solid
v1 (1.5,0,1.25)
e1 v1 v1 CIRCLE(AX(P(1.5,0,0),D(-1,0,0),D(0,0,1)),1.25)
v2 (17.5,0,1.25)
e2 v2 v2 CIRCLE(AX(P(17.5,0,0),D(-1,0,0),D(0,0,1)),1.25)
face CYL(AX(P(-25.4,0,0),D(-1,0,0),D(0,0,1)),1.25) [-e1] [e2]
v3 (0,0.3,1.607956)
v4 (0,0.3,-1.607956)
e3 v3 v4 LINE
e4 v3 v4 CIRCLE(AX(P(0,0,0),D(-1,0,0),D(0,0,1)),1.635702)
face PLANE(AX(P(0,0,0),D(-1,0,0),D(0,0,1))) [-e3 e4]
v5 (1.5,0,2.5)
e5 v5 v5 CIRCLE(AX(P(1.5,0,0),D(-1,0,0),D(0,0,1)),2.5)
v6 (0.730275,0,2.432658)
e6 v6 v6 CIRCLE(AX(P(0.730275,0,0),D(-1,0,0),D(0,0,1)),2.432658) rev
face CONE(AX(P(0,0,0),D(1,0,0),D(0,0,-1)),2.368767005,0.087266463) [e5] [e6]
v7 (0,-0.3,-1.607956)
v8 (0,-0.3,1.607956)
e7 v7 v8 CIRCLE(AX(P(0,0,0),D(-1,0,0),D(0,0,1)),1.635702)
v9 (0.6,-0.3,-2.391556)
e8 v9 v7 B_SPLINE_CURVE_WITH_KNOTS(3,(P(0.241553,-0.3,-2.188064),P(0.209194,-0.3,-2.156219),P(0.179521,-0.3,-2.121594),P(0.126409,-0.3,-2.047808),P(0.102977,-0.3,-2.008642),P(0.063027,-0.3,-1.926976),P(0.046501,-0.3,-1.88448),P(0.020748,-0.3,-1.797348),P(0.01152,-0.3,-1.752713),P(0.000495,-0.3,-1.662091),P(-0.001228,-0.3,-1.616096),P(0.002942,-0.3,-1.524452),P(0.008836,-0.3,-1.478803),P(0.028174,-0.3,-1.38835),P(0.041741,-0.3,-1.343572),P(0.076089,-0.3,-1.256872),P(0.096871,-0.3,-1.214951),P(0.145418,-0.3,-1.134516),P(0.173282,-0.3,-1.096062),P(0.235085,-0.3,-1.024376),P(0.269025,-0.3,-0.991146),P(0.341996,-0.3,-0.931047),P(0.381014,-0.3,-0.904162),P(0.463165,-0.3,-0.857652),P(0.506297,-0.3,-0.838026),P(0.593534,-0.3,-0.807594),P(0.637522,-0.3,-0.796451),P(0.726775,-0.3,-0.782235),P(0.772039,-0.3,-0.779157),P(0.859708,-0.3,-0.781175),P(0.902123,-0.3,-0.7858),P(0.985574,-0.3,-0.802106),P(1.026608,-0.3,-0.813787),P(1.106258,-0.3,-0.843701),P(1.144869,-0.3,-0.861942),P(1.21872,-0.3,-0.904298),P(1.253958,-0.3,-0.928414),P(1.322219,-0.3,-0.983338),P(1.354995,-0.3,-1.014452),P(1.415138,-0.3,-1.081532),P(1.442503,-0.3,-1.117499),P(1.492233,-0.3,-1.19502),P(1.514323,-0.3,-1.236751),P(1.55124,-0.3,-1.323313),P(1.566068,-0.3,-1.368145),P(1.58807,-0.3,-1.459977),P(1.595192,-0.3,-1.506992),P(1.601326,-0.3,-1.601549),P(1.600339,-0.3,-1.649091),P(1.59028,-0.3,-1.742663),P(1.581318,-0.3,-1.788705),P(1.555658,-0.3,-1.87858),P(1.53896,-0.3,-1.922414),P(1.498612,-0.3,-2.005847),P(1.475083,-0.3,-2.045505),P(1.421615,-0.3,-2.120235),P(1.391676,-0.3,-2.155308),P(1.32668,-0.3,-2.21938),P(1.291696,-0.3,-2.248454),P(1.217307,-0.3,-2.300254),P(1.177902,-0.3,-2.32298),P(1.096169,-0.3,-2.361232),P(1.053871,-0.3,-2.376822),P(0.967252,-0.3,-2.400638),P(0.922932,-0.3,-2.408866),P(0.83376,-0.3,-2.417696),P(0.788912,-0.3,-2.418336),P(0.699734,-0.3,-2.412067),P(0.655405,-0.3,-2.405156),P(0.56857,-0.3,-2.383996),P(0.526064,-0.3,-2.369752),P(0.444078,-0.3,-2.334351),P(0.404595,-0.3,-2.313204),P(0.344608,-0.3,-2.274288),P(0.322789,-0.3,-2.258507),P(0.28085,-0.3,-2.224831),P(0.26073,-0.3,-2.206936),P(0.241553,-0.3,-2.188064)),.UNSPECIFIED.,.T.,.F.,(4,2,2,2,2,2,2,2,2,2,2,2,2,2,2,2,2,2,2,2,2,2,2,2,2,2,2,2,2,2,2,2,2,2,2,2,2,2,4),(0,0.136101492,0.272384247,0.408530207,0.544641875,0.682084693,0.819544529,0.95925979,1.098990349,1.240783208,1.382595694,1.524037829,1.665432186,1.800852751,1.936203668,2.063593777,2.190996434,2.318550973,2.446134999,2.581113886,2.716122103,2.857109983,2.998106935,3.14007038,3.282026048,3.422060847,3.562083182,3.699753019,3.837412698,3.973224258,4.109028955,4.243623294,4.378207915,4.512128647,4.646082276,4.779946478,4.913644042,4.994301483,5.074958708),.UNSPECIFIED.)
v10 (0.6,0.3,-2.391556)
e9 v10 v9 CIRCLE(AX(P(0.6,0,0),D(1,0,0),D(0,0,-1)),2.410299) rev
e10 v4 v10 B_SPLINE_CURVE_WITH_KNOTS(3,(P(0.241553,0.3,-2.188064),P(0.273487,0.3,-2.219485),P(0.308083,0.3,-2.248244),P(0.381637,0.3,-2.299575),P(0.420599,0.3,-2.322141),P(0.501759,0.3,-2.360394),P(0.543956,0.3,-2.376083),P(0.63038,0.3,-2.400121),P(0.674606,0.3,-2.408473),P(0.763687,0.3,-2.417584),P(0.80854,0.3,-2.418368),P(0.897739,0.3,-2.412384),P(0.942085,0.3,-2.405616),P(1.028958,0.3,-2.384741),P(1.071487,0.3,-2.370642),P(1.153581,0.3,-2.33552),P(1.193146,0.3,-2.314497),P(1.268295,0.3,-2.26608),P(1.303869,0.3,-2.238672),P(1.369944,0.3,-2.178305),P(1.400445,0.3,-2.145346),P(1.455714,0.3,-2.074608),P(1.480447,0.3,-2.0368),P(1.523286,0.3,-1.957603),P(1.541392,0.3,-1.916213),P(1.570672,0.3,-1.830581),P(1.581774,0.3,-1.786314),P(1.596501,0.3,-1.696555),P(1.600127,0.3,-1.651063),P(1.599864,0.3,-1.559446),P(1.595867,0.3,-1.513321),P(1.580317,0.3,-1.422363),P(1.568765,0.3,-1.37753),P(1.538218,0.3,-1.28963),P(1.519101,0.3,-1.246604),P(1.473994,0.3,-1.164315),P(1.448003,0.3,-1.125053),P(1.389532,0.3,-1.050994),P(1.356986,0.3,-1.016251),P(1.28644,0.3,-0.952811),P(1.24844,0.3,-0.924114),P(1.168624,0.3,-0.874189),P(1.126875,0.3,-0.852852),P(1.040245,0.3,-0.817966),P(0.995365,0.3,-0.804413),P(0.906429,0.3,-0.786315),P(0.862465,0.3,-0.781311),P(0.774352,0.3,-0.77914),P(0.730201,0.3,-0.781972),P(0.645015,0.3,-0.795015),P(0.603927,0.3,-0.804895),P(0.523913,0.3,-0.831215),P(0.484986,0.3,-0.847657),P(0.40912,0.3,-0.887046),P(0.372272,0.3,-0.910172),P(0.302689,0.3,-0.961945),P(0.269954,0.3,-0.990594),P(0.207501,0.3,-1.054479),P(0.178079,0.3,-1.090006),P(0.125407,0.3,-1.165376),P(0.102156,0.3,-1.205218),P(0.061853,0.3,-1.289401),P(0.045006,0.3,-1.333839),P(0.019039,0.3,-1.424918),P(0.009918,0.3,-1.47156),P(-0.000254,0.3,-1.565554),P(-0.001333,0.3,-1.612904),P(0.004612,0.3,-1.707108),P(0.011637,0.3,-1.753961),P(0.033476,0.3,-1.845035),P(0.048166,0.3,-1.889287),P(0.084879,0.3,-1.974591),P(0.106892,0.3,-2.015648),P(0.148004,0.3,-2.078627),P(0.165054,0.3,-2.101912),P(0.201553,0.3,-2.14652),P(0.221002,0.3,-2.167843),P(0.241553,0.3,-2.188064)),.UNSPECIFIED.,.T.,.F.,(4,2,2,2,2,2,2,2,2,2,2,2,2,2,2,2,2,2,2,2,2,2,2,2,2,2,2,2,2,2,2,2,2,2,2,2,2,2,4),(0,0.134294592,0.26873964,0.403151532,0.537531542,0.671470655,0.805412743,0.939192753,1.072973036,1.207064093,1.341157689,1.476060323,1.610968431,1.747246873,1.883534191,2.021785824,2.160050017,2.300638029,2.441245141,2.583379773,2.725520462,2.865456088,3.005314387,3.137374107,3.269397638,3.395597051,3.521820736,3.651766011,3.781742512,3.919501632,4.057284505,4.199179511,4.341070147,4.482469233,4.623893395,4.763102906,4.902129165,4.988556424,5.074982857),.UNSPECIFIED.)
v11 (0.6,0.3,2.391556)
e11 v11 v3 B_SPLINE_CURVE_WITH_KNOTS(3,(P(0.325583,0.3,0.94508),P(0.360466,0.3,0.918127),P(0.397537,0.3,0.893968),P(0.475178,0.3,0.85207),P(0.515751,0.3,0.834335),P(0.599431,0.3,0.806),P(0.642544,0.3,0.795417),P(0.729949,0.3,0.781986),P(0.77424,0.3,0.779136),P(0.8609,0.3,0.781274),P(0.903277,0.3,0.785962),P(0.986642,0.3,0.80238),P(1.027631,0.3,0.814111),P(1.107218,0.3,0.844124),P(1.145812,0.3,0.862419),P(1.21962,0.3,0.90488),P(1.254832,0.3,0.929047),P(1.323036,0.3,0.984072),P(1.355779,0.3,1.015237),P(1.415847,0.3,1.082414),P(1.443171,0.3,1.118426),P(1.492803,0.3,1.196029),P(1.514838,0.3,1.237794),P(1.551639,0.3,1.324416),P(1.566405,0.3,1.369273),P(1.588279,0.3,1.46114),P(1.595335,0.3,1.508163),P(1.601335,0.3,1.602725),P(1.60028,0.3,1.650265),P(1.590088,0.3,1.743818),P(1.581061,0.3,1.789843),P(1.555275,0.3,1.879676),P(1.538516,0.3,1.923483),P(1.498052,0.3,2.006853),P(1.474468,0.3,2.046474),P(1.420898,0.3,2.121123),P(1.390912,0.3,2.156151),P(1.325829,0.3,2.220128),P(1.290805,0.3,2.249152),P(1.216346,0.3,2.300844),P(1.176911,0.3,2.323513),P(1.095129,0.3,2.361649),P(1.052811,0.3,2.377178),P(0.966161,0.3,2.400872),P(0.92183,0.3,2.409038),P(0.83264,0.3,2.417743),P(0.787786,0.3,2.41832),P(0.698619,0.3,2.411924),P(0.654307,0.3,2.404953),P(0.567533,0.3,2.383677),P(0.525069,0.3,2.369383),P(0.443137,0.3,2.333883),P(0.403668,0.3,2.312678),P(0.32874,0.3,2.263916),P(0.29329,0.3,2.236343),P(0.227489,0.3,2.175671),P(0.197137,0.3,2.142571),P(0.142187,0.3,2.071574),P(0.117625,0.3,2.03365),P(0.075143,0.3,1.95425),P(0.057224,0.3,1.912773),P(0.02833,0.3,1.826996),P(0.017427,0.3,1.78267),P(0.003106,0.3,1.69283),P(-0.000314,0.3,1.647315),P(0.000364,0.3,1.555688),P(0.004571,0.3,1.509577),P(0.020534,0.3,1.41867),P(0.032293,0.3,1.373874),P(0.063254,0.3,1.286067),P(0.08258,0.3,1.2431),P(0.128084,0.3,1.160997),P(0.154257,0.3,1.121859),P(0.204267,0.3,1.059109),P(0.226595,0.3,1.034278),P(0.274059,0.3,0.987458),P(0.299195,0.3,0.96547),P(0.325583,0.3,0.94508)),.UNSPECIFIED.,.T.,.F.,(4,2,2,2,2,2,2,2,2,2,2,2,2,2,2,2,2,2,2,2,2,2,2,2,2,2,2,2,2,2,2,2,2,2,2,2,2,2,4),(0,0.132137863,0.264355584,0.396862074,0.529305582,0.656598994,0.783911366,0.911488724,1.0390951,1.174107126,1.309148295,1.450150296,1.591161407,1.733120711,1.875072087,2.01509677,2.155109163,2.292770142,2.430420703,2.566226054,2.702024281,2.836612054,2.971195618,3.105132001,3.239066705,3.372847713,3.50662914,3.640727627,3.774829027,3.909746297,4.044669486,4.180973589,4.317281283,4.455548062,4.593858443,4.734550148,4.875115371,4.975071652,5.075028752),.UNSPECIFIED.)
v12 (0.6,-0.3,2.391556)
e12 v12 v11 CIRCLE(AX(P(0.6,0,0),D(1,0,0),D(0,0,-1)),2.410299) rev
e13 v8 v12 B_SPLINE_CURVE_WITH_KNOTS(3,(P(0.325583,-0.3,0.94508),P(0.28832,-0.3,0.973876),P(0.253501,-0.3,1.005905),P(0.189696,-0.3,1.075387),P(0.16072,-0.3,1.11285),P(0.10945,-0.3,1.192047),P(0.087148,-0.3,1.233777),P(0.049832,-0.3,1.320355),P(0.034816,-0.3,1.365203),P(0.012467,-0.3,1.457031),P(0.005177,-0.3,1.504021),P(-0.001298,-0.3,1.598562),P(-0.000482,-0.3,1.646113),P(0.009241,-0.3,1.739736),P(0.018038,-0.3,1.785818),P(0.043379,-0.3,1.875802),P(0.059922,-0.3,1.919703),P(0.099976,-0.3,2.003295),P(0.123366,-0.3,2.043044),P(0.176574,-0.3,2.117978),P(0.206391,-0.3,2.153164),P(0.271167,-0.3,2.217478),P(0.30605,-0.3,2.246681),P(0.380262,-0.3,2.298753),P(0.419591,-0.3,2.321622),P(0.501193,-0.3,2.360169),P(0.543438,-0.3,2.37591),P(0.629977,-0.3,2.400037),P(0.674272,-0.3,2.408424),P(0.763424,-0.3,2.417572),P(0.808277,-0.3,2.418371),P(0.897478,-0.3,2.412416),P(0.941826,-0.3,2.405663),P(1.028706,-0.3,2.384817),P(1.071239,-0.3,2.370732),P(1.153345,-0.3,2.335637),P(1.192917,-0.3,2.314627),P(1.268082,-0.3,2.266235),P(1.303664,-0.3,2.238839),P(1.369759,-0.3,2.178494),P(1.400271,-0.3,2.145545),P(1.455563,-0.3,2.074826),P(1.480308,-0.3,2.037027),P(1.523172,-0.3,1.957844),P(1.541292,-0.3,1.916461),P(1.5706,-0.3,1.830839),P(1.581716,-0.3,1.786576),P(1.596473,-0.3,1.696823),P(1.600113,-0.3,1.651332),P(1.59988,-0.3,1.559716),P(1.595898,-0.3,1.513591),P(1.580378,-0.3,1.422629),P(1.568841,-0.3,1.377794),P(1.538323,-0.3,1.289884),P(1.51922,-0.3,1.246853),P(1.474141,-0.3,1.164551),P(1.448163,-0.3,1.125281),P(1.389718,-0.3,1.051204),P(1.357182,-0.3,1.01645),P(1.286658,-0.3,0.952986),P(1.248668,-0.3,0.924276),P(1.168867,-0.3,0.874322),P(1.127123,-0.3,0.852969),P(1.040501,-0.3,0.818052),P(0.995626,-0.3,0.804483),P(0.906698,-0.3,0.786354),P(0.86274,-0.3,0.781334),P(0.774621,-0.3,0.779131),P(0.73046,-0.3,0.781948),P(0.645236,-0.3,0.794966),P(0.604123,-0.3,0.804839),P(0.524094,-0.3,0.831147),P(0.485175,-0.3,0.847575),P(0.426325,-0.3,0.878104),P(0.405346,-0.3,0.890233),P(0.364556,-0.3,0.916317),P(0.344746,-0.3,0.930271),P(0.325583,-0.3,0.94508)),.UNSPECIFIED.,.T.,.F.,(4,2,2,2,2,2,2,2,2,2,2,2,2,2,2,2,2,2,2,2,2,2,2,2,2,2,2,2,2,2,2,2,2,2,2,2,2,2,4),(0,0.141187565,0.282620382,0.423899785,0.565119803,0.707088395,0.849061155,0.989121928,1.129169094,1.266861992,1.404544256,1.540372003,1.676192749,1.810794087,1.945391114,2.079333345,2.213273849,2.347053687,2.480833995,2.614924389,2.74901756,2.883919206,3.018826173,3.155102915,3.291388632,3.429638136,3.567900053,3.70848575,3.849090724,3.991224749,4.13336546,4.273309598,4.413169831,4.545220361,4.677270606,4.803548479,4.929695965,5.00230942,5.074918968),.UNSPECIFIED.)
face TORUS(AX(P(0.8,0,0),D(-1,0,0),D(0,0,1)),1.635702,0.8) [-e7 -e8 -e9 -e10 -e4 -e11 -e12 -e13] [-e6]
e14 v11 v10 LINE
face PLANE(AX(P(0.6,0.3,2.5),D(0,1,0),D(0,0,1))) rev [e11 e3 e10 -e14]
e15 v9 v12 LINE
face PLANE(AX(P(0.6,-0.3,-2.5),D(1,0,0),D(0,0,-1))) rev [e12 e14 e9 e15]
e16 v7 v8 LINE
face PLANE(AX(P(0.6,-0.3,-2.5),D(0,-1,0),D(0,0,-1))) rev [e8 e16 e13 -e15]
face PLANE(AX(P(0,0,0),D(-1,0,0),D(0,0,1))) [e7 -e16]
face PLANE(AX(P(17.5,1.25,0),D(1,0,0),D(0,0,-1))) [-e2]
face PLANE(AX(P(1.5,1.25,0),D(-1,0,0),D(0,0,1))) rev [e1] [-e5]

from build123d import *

# Parameters (mm, degrees)
FILLET2_R  = 0.8
SKETCH2_W  = 5
SKETCH2_H  = 0.6
SLOT_DEPTH = 0.6


with BuildPart() as part:
    # BodySke → Base-Revolve (revolve)
    with BuildSketch(Plane.XY, mode=Mode.PRIVATE) as base_revolve_sk:
        Polygon((1.5, 1.25), (1.5, 2.5), (0, 2.368767005), (0, 0), (17.5, 0), (17.5, 1.25), align=None)
    revolve(base_revolve_sk.sketch.rotate(Axis((-25.4, 0, 0), (1, 0, 0)), 90), axis=Axis((-25.4, 0, 0), (1, 0, 0)))

    # Fillet2
    fillet2_edges = [part.edges().sort_by_distance(p)[0] for p in [
        (0, 0, -2.368767005),
    ]]
    fillet(fillet2_edges, radius=FILLET2_R)

    # Sketch2 → Slot (cut)
    with BuildSketch(Plane(origin=(0, 0, 0), x_dir=(0, 0, -1), z_dir=(1, 0, 0))):
        Rectangle(SKETCH2_W, SKETCH2_H)
    extrude(amount=SLOT_DEPTH, mode=Mode.SUBTRACT)


solid = part.part
